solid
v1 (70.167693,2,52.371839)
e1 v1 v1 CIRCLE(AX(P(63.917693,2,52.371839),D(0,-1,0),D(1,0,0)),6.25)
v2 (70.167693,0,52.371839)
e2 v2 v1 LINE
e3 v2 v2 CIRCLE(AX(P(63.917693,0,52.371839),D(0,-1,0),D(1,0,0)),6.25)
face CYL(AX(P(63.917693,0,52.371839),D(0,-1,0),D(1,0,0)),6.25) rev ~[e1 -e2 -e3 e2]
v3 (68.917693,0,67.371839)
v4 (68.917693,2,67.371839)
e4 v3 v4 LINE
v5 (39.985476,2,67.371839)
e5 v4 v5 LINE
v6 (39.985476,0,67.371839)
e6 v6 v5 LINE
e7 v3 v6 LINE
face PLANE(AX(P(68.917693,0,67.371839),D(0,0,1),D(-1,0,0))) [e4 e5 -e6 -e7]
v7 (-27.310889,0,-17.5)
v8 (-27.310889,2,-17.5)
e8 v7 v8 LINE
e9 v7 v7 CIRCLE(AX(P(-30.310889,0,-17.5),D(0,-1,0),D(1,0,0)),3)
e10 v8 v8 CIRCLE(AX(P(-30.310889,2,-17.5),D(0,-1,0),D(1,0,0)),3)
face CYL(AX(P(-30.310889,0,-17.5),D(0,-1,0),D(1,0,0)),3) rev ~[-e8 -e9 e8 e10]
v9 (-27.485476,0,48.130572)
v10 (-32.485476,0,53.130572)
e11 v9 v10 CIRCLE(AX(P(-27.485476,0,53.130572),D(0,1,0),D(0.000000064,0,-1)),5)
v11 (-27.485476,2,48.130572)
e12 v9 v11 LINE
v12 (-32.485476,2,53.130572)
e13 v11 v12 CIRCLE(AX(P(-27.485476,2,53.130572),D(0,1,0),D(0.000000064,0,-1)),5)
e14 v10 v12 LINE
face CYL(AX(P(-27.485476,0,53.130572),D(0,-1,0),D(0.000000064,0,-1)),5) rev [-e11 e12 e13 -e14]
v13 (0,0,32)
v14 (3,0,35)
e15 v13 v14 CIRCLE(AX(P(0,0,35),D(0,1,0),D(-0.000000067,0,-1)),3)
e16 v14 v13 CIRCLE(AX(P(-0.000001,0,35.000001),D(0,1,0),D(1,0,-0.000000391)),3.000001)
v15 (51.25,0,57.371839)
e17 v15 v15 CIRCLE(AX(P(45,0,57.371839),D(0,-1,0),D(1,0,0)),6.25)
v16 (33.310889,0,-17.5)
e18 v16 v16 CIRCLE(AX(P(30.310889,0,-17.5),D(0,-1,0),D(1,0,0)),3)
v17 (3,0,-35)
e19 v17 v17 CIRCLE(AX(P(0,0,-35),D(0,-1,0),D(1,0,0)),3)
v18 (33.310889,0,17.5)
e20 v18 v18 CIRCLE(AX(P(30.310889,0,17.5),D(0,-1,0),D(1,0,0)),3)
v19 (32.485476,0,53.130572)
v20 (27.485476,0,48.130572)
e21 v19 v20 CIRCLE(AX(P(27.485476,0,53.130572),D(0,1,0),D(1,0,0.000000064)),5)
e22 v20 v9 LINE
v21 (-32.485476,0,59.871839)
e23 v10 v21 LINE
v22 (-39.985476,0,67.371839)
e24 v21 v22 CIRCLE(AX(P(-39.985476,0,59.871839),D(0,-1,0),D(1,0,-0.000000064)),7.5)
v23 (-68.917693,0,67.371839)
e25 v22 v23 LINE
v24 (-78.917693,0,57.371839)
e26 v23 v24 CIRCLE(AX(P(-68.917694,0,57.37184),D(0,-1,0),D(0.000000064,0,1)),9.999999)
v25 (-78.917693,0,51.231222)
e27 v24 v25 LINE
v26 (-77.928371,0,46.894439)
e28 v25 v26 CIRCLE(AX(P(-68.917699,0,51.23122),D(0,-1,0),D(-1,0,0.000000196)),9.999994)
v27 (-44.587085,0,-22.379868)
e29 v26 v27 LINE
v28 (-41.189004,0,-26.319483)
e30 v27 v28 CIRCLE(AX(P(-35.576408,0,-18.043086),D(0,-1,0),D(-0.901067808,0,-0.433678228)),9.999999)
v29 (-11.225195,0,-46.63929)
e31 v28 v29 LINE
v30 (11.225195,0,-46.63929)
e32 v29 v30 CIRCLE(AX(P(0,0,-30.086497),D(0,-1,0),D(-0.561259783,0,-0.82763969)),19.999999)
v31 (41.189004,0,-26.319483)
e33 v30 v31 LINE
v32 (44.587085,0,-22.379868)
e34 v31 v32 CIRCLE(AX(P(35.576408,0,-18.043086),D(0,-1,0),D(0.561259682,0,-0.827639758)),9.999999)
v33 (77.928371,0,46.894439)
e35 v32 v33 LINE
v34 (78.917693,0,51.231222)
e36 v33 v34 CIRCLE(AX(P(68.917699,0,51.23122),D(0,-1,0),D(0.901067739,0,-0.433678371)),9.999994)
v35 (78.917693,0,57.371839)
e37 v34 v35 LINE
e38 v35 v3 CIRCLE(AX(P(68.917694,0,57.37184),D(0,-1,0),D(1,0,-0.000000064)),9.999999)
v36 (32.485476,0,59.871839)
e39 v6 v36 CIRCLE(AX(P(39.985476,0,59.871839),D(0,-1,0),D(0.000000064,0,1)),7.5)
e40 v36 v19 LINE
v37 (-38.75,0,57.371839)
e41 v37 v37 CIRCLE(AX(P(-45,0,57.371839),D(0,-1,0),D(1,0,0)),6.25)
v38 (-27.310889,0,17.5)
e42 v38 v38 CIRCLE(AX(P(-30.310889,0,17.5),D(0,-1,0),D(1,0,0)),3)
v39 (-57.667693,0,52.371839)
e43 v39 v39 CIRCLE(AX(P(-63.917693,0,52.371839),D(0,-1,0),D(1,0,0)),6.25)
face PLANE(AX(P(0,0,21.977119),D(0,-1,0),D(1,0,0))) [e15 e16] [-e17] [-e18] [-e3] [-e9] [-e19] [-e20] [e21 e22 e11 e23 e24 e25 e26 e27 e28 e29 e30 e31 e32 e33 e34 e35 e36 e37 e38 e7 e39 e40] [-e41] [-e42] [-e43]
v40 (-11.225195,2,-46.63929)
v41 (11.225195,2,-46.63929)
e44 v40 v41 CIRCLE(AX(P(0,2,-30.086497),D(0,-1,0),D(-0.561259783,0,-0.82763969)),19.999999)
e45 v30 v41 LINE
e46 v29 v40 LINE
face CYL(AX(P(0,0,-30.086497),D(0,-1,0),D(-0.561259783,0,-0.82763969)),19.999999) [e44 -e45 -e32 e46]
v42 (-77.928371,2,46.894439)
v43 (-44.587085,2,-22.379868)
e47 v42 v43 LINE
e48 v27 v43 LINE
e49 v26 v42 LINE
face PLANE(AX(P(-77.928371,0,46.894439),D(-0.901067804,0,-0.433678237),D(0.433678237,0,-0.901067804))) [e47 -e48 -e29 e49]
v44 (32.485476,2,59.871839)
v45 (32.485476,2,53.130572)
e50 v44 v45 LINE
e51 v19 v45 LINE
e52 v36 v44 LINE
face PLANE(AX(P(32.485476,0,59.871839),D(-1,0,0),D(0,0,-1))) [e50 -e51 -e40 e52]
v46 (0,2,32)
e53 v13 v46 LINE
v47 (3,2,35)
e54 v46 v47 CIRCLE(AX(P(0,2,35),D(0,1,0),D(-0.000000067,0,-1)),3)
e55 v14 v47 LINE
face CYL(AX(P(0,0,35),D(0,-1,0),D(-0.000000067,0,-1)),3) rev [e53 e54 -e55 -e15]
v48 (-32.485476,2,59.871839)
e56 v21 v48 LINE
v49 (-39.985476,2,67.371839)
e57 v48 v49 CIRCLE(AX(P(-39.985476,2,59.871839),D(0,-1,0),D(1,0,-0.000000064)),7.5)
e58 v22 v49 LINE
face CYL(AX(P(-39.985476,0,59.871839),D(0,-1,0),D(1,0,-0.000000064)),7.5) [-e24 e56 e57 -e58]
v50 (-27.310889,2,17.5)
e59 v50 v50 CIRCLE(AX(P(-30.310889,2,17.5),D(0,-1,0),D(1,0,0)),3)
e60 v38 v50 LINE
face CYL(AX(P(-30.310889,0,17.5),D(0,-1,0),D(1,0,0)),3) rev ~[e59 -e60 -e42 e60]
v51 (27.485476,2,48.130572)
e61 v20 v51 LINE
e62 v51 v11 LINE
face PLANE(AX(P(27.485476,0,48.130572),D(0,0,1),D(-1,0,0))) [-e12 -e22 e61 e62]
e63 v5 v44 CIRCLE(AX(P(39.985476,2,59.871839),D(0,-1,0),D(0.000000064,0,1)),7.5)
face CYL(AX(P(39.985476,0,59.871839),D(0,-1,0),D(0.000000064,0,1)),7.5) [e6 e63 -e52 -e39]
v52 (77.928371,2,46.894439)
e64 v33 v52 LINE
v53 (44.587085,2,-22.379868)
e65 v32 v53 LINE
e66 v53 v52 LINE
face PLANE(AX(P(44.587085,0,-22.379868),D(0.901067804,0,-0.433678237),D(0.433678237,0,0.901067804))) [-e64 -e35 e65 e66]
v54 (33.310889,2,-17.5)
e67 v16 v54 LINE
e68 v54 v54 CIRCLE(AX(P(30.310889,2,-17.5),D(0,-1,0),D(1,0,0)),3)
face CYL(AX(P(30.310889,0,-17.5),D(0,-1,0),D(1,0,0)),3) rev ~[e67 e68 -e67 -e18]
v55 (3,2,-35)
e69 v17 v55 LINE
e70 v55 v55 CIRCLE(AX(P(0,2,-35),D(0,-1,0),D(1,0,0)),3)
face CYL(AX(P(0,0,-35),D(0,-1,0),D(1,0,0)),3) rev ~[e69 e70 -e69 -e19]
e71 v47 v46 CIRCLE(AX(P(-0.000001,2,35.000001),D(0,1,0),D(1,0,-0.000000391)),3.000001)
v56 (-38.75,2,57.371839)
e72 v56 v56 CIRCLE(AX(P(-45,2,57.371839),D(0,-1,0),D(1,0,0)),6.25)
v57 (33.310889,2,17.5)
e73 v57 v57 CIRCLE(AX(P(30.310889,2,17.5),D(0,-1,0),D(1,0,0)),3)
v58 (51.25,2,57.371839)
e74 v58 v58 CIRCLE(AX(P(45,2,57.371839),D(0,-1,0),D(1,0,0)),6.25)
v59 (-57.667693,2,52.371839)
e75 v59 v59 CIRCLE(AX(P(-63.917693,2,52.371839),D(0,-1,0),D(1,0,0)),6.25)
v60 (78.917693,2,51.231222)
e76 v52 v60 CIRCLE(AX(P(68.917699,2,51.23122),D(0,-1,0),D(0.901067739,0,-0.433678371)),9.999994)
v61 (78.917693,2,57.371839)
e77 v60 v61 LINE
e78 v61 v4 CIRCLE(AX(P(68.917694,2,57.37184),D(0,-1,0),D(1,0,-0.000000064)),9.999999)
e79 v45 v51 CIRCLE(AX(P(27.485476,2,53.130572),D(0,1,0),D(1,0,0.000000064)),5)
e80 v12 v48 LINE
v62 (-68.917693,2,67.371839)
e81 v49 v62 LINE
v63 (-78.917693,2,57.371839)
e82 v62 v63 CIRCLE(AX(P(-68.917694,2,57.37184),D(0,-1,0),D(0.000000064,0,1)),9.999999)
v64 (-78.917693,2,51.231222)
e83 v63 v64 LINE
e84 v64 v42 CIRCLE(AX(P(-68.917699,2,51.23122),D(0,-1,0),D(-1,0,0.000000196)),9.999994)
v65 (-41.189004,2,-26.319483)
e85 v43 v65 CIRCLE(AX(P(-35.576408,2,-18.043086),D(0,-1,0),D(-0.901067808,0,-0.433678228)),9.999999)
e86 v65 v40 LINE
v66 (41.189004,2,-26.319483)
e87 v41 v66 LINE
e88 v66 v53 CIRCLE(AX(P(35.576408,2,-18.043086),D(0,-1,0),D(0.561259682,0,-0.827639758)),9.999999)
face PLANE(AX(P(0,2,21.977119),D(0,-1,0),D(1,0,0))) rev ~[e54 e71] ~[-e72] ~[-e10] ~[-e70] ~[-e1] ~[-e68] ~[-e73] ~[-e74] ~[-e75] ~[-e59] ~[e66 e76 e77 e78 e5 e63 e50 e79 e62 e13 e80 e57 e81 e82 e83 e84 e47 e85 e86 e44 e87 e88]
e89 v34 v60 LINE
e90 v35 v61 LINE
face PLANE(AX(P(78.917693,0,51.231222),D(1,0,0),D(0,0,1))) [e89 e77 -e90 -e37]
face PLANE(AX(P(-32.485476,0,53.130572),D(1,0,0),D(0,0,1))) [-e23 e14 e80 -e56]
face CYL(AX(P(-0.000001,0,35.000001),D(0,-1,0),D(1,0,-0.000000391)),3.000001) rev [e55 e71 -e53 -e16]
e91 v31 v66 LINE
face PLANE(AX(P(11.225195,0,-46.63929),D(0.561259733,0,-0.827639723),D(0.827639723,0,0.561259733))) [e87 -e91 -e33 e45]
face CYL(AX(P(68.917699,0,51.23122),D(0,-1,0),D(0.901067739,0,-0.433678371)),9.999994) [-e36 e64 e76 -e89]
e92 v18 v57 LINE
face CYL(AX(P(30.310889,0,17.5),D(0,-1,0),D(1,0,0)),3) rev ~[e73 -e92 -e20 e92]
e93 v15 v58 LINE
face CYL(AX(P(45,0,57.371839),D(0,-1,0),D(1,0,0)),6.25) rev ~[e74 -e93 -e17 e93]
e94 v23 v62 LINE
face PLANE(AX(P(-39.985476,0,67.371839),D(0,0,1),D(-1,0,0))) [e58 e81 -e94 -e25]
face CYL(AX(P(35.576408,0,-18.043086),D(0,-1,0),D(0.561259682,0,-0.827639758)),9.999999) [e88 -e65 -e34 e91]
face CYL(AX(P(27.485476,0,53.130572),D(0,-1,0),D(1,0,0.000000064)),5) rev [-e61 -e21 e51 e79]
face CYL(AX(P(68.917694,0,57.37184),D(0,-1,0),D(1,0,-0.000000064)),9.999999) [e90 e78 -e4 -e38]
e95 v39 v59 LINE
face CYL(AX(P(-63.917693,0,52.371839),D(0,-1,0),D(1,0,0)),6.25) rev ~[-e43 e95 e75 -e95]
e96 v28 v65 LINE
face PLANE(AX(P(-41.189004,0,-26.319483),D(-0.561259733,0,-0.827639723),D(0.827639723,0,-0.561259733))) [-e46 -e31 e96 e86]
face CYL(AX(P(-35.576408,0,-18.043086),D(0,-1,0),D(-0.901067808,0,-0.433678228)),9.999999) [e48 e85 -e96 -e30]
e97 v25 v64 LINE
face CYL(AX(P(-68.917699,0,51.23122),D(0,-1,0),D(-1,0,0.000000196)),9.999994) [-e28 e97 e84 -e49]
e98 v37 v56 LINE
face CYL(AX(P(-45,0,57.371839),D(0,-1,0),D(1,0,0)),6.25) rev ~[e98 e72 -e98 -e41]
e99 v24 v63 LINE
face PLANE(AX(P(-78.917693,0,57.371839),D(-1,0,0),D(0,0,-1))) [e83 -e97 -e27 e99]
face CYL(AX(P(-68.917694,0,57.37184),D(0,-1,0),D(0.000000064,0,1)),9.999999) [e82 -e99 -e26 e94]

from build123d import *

# Parameters (mm, degrees)
F1_R     = 3
F1_R_2   = 6.25
F2_DEPTH = 2


with BuildPart() as f2:
    # F1 (on Front) → F2 (new body)
    with BuildSketch(Plane.XZ):
        with BuildLine():
            Line((-41.189004, -26.319483), (-11.225195, -46.63929))
            ThreePointArc((-11.225195, -46.63929), (0, -50.086496), (11.225195, -46.63929))
            Line((11.225195, -46.63929), (41.189004, -26.319483))
            ThreePointArc((41.189004, -26.319483), (43.148737, -24.574534), (44.587085, -22.379868))
            Line((44.587085, -22.379868), (77.928371, 46.894439))
            ThreePointArc((77.928371, 46.894439), (78.667226, 49.007124), (78.917693, 51.231222))
            Line((78.917693, 51.231222), (78.917693, 57.371839))
            ThreePointArc((78.917693, 57.371839), (75.988761, 64.442907), (68.917693, 67.371839))
            Line((68.917693, 67.371839), (39.985476, 67.371839))
            ThreePointArc((39.985476, 67.371839), (34.682175, 65.17514), (32.485476, 59.871839))
            Line((32.485476, 59.871839), (32.485476, 53.130572))
            ThreePointArc((32.485476, 53.130572), (31.02101, 49.595038), (27.485476, 48.130572))
            Line((27.485476, 48.130572), (0, 48.130572))
            Line((0, 48.130572), (-27.485476, 48.130572))
            ThreePointArc((-27.485476, 48.130572), (-31.02101, 49.595038), (-32.485476, 53.130572))
            Line((-32.485476, 53.130572), (-32.485476, 59.871839))
            ThreePointArc((-32.485476, 59.871839), (-34.682175, 65.17514), (-39.985476, 67.371839))
            Line((-39.985476, 67.371839), (-68.917693, 67.371839))
            ThreePointArc((-68.917693, 67.371839), (-75.988761, 64.442907), (-78.917693, 57.371839))
            Line((-78.917693, 57.371839), (-78.917693, 51.231222))
            ThreePointArc((-78.917693, 51.231222), (-78.667226, 49.007124), (-77.928371, 46.894439))
            Line((-77.928371, 46.894439), (-44.587085, -22.379868))
            ThreePointArc((-44.587085, -22.379868), (-43.148737, -24.574534), (-41.189004, -26.319483))
        make_face()
        with Locations((-30.310889, -17.5)):
            Circle(F1_R, mode=Mode.SUBTRACT)
        with Locations((0, -35)):
            Circle(F1_R, mode=Mode.SUBTRACT)
        with Locations((30.310889, -17.5)):
            Circle(F1_R, mode=Mode.SUBTRACT)
        with Locations((-30.310889, 17.5)):
            Circle(F1_R, mode=Mode.SUBTRACT)
        with Locations((-63.917693, 52.371839)):
            Circle(F1_R_2, mode=Mode.SUBTRACT)
        with Locations((-45, 57.371839)):
            Circle(F1_R_2, mode=Mode.SUBTRACT)
        with Locations((30.310889, 17.5)):
            Circle(F1_R, mode=Mode.SUBTRACT)
        with BuildLine():
            ThreePointArc((0, 32), (-2.12132, 37.12132), (3, 35))
            ThreePointArc((3, 35), (2.12132, 32.87868), (0, 32))
        make_face(mode=Mode.SUBTRACT)
        with Locations((63.917693, 52.371839)):
            Circle(F1_R_2, mode=Mode.SUBTRACT)
        with Locations((45, 57.371839)):
            Circle(F1_R_2, mode=Mode.SUBTRACT)
    extrude(amount=-F2_DEPTH)


solid = f2.part
